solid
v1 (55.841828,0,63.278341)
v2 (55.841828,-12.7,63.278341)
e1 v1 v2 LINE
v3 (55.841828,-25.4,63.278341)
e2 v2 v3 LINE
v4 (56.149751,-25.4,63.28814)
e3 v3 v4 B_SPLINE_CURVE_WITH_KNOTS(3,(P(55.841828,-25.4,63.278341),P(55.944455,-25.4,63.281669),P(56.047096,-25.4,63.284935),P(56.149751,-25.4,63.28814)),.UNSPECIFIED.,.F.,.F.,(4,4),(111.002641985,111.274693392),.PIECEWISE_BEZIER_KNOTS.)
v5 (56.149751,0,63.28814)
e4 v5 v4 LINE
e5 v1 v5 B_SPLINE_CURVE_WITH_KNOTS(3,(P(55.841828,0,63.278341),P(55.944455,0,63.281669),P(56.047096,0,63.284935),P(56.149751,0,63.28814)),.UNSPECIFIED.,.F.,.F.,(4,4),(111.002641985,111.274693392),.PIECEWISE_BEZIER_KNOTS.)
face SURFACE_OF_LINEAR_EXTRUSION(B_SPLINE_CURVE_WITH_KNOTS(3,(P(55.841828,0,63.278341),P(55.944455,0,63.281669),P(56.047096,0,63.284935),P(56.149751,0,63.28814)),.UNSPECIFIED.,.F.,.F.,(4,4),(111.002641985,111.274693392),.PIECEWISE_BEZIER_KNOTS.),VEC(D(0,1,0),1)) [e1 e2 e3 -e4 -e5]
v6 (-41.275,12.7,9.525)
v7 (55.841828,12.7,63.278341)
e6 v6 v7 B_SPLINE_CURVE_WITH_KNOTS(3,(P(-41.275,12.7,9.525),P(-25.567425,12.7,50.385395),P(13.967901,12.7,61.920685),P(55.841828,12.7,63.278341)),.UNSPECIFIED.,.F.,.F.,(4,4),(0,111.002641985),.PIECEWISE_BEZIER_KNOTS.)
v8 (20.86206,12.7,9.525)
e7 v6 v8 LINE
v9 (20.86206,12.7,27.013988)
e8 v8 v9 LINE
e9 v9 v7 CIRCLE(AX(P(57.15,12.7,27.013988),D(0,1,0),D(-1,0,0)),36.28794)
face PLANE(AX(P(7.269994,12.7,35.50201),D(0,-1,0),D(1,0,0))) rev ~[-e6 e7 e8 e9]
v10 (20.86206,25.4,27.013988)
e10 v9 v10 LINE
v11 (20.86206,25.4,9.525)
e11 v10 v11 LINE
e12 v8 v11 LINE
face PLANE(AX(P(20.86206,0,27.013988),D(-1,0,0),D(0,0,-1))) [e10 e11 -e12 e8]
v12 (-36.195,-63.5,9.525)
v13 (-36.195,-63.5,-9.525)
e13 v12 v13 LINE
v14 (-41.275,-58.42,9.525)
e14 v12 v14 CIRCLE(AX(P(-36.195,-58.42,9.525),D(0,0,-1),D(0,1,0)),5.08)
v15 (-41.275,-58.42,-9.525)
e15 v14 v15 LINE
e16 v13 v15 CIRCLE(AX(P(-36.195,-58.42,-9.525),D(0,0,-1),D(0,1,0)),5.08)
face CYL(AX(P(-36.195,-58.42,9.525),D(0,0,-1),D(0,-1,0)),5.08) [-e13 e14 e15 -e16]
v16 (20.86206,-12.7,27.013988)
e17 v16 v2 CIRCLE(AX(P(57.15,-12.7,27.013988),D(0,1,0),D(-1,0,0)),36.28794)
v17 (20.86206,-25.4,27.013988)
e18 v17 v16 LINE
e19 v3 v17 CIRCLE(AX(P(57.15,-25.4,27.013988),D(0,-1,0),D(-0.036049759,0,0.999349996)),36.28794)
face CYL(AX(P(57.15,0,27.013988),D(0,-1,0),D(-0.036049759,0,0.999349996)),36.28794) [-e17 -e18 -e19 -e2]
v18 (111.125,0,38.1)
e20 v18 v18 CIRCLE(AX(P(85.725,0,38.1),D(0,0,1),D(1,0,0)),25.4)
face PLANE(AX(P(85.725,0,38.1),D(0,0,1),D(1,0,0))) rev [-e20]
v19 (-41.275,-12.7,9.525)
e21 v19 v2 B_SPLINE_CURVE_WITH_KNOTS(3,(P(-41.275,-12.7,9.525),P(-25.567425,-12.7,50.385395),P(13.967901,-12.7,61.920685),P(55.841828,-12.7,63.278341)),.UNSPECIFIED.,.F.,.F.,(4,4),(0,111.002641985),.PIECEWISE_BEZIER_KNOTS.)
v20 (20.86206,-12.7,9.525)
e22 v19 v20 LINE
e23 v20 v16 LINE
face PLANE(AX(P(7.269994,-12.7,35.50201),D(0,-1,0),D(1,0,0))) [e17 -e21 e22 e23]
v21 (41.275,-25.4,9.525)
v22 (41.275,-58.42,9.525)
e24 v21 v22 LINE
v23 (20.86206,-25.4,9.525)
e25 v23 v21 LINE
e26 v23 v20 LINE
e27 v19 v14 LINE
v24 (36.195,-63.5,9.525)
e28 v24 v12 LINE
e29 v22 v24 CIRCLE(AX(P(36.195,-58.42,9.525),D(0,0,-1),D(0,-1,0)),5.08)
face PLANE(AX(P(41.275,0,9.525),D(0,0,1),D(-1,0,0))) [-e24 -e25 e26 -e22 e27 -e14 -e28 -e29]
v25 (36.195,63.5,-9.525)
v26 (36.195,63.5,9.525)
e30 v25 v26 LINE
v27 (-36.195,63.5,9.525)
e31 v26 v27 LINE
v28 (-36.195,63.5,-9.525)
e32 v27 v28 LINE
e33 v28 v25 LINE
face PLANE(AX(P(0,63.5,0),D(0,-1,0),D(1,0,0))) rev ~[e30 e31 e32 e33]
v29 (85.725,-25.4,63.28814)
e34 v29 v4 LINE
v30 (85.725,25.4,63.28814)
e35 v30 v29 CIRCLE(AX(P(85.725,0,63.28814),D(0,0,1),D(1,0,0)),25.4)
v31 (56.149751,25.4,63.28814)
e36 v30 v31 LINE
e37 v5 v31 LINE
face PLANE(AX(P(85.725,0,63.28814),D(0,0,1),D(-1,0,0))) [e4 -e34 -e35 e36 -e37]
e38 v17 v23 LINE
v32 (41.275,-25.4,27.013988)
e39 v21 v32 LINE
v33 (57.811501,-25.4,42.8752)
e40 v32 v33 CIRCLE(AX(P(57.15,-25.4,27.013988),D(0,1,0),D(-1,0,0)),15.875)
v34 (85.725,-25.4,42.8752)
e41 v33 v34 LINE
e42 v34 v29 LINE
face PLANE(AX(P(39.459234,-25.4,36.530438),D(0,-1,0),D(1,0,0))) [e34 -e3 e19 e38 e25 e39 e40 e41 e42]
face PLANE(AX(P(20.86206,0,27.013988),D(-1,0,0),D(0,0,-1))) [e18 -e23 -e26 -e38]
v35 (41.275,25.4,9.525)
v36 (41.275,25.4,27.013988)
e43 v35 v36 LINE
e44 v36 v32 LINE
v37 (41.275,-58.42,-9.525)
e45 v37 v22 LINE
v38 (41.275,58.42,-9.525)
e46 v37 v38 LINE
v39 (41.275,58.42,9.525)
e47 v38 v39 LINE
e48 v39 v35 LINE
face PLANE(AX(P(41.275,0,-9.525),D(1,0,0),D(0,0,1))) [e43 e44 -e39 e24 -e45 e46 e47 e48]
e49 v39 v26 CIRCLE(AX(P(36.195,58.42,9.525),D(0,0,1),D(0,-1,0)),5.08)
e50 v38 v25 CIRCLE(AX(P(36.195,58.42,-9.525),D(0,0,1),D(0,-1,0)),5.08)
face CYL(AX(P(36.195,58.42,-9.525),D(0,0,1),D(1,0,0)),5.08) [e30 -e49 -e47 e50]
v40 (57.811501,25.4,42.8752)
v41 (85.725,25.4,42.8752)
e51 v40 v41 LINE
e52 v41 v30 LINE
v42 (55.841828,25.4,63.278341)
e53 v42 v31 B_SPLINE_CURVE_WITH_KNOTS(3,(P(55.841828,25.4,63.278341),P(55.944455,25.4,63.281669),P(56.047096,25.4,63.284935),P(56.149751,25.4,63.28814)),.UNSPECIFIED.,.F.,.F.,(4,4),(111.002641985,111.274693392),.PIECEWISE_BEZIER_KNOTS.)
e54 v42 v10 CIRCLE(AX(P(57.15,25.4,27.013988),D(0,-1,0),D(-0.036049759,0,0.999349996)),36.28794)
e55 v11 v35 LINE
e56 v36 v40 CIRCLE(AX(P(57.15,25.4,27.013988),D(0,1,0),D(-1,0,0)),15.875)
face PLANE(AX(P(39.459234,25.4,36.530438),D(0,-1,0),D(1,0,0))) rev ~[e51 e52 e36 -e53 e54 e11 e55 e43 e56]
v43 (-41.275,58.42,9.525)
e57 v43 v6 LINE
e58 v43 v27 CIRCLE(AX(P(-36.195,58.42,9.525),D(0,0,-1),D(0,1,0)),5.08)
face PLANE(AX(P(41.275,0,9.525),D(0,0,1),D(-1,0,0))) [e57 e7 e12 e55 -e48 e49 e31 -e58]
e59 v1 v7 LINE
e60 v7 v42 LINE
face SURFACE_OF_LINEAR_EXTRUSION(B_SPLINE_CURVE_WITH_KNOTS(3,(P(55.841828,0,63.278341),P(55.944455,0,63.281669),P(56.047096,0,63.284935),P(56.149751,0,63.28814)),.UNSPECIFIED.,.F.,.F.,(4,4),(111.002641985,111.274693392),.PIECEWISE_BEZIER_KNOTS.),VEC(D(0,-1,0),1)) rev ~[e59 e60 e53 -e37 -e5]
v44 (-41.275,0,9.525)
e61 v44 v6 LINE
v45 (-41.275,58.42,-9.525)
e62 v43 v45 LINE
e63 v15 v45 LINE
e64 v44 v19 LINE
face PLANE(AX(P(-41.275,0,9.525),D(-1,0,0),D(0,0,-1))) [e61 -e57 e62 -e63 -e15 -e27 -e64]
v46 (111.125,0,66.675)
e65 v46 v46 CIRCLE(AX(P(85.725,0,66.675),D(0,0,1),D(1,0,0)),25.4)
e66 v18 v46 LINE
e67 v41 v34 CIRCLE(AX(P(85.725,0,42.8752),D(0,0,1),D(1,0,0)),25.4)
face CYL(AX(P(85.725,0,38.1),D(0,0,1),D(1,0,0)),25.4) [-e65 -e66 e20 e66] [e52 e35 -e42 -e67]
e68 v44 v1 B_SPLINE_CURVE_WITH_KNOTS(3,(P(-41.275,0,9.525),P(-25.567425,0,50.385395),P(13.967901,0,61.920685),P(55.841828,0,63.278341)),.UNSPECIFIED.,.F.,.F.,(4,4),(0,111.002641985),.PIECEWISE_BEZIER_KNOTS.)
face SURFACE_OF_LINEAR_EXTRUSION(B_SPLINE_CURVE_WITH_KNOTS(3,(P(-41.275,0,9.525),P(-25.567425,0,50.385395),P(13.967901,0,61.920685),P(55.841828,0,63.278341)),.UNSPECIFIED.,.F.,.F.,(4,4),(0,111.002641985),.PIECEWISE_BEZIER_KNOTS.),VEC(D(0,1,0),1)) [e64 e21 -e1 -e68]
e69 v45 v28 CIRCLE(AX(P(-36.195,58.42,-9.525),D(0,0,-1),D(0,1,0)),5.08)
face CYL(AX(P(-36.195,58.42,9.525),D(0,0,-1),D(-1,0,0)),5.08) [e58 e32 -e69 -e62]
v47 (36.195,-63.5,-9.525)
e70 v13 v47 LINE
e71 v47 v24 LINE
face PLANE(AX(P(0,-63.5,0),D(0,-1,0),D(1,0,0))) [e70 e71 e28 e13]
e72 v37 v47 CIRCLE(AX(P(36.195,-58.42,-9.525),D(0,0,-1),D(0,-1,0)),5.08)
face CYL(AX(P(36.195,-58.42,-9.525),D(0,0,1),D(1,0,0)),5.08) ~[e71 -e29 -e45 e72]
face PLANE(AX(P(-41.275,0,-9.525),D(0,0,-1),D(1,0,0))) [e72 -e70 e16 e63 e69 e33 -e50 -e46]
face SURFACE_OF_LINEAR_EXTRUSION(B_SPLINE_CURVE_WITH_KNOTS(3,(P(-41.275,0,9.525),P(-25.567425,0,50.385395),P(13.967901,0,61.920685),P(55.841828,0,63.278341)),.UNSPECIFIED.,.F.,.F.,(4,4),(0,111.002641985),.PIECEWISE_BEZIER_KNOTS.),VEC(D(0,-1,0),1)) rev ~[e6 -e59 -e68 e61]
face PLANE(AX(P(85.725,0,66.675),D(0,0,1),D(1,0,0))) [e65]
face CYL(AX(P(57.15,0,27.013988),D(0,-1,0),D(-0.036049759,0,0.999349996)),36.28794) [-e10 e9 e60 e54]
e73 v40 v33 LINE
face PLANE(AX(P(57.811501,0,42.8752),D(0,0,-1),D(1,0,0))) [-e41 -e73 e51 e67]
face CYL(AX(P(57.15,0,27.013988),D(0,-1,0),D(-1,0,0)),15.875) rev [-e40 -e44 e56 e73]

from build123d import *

# Parameters (mm, degrees)
F1_DEPTH = 63.5
F2_DEPTH = 25.4
F3_DEPTH = 12.7
F5_R     = 5.08


with BuildPart() as f1:
    # F0 (on Front) → F1 (new body, symmetric)
    with BuildSketch(Plane.XZ):
        Polygon((41.275, -9.525), (41.275, 9.525), (20.8620596677, 9.525), (-41.275, 9.525), (-41.275, -9.525), align=None)
    extrude(amount=F1_DEPTH, both=True)

    # F0 (on Front) → F2 (join, symmetric)
    with BuildSketch(Plane.XZ):
        with BuildLine():
            Line((20.8620596677, 9.525), (41.275, 9.525))
            Line((41.275, 9.525), (41.275, 27.0139881611))
            ThreePointArc((41.275, 27.0139881611), (46.1610443741, 38.4707974574), (57.8115013232, 42.8752))
            Line((57.8115013232, 42.8752), (60.325, 42.8752))
            Line((60.325, 42.8752), (60.325, 63.2881403323))
            Line((60.325, 63.2881403323), (56.1497511215, 63.2881403323))
            add(Edge.make_bspline(
                [(55.8418284891, 63.2783411935), (55.9444554247, 63.281668613), (56.0470964076, 63.2849348987), (56.1497511215, 63.2881403323)],
                knots=[111.0026419847, 111.0026419847, 111.0026419847, 111.0026419847, 111.2746933919, 111.2746933919, 111.2746933919, 111.2746933919], degree=3))
            ThreePointArc((55.8418284891, 63.2783411935), (31.03213769, 52.206683172), (20.8620596677, 27.0139881611))
            Line((20.8620596677, 27.0139881611), (20.8620596677, 9.525))
        make_face()
        Polygon((60.325, 63.2881403323), (60.325, 42.8752), (85.725, 42.8752), (85.725, 52.3875), (85.725, 63.2881403323), align=None)
    extrude(amount=F2_DEPTH, both=True)

    # F0 (on Front) → F3 (join, symmetric)
    with BuildSketch(Plane.XZ):
        with BuildLine():
            Line((-41.275, 9.525), (20.8620596677, 9.525))
            Line((20.8620596677, 9.525), (20.8620596677, 27.0139881611))
            ThreePointArc((20.8620596677, 27.0139881611), (31.03213769, 52.206683172), (55.8418284891, 63.2783411935))
            add(Edge.make_bspline(
                [(-41.275, 9.525), (-25.5674248784, 50.3853946243), (13.9679006475, 61.920684693), (55.8418284891, 63.2783411935)],
                knots=[0, 0, 0, 0, 111.0026419847, 111.0026419847, 111.0026419847, 111.0026419847], degree=3))
        make_face()
    extrude(amount=F3_DEPTH, both=True)

    # F0 (on Front) → F4 (revolve)
    with BuildSketch(Plane.XZ):
        Polygon((85.725, 52.3875), (85.725, 42.8752), (85.725, 38.1), (111.125, 38.1), (111.125, 66.675), (85.725, 66.675), (85.725, 63.2881403323), align=None)
    revolve(axis=Axis((85.725, 0, 54.7751), (0, 0, 1)))

    # F5
    f5_edges = [f1.edges().sort_by_distance(p)[0] for p in [
        (41.275, -63.5, 0),
        (-41.275, -63.5, 0),
        (-41.275, 63.5, 0),
        (41.275, 63.5, 0),
    ]]
    fillet(f5_edges, radius=F5_R)


solid = f1.part
